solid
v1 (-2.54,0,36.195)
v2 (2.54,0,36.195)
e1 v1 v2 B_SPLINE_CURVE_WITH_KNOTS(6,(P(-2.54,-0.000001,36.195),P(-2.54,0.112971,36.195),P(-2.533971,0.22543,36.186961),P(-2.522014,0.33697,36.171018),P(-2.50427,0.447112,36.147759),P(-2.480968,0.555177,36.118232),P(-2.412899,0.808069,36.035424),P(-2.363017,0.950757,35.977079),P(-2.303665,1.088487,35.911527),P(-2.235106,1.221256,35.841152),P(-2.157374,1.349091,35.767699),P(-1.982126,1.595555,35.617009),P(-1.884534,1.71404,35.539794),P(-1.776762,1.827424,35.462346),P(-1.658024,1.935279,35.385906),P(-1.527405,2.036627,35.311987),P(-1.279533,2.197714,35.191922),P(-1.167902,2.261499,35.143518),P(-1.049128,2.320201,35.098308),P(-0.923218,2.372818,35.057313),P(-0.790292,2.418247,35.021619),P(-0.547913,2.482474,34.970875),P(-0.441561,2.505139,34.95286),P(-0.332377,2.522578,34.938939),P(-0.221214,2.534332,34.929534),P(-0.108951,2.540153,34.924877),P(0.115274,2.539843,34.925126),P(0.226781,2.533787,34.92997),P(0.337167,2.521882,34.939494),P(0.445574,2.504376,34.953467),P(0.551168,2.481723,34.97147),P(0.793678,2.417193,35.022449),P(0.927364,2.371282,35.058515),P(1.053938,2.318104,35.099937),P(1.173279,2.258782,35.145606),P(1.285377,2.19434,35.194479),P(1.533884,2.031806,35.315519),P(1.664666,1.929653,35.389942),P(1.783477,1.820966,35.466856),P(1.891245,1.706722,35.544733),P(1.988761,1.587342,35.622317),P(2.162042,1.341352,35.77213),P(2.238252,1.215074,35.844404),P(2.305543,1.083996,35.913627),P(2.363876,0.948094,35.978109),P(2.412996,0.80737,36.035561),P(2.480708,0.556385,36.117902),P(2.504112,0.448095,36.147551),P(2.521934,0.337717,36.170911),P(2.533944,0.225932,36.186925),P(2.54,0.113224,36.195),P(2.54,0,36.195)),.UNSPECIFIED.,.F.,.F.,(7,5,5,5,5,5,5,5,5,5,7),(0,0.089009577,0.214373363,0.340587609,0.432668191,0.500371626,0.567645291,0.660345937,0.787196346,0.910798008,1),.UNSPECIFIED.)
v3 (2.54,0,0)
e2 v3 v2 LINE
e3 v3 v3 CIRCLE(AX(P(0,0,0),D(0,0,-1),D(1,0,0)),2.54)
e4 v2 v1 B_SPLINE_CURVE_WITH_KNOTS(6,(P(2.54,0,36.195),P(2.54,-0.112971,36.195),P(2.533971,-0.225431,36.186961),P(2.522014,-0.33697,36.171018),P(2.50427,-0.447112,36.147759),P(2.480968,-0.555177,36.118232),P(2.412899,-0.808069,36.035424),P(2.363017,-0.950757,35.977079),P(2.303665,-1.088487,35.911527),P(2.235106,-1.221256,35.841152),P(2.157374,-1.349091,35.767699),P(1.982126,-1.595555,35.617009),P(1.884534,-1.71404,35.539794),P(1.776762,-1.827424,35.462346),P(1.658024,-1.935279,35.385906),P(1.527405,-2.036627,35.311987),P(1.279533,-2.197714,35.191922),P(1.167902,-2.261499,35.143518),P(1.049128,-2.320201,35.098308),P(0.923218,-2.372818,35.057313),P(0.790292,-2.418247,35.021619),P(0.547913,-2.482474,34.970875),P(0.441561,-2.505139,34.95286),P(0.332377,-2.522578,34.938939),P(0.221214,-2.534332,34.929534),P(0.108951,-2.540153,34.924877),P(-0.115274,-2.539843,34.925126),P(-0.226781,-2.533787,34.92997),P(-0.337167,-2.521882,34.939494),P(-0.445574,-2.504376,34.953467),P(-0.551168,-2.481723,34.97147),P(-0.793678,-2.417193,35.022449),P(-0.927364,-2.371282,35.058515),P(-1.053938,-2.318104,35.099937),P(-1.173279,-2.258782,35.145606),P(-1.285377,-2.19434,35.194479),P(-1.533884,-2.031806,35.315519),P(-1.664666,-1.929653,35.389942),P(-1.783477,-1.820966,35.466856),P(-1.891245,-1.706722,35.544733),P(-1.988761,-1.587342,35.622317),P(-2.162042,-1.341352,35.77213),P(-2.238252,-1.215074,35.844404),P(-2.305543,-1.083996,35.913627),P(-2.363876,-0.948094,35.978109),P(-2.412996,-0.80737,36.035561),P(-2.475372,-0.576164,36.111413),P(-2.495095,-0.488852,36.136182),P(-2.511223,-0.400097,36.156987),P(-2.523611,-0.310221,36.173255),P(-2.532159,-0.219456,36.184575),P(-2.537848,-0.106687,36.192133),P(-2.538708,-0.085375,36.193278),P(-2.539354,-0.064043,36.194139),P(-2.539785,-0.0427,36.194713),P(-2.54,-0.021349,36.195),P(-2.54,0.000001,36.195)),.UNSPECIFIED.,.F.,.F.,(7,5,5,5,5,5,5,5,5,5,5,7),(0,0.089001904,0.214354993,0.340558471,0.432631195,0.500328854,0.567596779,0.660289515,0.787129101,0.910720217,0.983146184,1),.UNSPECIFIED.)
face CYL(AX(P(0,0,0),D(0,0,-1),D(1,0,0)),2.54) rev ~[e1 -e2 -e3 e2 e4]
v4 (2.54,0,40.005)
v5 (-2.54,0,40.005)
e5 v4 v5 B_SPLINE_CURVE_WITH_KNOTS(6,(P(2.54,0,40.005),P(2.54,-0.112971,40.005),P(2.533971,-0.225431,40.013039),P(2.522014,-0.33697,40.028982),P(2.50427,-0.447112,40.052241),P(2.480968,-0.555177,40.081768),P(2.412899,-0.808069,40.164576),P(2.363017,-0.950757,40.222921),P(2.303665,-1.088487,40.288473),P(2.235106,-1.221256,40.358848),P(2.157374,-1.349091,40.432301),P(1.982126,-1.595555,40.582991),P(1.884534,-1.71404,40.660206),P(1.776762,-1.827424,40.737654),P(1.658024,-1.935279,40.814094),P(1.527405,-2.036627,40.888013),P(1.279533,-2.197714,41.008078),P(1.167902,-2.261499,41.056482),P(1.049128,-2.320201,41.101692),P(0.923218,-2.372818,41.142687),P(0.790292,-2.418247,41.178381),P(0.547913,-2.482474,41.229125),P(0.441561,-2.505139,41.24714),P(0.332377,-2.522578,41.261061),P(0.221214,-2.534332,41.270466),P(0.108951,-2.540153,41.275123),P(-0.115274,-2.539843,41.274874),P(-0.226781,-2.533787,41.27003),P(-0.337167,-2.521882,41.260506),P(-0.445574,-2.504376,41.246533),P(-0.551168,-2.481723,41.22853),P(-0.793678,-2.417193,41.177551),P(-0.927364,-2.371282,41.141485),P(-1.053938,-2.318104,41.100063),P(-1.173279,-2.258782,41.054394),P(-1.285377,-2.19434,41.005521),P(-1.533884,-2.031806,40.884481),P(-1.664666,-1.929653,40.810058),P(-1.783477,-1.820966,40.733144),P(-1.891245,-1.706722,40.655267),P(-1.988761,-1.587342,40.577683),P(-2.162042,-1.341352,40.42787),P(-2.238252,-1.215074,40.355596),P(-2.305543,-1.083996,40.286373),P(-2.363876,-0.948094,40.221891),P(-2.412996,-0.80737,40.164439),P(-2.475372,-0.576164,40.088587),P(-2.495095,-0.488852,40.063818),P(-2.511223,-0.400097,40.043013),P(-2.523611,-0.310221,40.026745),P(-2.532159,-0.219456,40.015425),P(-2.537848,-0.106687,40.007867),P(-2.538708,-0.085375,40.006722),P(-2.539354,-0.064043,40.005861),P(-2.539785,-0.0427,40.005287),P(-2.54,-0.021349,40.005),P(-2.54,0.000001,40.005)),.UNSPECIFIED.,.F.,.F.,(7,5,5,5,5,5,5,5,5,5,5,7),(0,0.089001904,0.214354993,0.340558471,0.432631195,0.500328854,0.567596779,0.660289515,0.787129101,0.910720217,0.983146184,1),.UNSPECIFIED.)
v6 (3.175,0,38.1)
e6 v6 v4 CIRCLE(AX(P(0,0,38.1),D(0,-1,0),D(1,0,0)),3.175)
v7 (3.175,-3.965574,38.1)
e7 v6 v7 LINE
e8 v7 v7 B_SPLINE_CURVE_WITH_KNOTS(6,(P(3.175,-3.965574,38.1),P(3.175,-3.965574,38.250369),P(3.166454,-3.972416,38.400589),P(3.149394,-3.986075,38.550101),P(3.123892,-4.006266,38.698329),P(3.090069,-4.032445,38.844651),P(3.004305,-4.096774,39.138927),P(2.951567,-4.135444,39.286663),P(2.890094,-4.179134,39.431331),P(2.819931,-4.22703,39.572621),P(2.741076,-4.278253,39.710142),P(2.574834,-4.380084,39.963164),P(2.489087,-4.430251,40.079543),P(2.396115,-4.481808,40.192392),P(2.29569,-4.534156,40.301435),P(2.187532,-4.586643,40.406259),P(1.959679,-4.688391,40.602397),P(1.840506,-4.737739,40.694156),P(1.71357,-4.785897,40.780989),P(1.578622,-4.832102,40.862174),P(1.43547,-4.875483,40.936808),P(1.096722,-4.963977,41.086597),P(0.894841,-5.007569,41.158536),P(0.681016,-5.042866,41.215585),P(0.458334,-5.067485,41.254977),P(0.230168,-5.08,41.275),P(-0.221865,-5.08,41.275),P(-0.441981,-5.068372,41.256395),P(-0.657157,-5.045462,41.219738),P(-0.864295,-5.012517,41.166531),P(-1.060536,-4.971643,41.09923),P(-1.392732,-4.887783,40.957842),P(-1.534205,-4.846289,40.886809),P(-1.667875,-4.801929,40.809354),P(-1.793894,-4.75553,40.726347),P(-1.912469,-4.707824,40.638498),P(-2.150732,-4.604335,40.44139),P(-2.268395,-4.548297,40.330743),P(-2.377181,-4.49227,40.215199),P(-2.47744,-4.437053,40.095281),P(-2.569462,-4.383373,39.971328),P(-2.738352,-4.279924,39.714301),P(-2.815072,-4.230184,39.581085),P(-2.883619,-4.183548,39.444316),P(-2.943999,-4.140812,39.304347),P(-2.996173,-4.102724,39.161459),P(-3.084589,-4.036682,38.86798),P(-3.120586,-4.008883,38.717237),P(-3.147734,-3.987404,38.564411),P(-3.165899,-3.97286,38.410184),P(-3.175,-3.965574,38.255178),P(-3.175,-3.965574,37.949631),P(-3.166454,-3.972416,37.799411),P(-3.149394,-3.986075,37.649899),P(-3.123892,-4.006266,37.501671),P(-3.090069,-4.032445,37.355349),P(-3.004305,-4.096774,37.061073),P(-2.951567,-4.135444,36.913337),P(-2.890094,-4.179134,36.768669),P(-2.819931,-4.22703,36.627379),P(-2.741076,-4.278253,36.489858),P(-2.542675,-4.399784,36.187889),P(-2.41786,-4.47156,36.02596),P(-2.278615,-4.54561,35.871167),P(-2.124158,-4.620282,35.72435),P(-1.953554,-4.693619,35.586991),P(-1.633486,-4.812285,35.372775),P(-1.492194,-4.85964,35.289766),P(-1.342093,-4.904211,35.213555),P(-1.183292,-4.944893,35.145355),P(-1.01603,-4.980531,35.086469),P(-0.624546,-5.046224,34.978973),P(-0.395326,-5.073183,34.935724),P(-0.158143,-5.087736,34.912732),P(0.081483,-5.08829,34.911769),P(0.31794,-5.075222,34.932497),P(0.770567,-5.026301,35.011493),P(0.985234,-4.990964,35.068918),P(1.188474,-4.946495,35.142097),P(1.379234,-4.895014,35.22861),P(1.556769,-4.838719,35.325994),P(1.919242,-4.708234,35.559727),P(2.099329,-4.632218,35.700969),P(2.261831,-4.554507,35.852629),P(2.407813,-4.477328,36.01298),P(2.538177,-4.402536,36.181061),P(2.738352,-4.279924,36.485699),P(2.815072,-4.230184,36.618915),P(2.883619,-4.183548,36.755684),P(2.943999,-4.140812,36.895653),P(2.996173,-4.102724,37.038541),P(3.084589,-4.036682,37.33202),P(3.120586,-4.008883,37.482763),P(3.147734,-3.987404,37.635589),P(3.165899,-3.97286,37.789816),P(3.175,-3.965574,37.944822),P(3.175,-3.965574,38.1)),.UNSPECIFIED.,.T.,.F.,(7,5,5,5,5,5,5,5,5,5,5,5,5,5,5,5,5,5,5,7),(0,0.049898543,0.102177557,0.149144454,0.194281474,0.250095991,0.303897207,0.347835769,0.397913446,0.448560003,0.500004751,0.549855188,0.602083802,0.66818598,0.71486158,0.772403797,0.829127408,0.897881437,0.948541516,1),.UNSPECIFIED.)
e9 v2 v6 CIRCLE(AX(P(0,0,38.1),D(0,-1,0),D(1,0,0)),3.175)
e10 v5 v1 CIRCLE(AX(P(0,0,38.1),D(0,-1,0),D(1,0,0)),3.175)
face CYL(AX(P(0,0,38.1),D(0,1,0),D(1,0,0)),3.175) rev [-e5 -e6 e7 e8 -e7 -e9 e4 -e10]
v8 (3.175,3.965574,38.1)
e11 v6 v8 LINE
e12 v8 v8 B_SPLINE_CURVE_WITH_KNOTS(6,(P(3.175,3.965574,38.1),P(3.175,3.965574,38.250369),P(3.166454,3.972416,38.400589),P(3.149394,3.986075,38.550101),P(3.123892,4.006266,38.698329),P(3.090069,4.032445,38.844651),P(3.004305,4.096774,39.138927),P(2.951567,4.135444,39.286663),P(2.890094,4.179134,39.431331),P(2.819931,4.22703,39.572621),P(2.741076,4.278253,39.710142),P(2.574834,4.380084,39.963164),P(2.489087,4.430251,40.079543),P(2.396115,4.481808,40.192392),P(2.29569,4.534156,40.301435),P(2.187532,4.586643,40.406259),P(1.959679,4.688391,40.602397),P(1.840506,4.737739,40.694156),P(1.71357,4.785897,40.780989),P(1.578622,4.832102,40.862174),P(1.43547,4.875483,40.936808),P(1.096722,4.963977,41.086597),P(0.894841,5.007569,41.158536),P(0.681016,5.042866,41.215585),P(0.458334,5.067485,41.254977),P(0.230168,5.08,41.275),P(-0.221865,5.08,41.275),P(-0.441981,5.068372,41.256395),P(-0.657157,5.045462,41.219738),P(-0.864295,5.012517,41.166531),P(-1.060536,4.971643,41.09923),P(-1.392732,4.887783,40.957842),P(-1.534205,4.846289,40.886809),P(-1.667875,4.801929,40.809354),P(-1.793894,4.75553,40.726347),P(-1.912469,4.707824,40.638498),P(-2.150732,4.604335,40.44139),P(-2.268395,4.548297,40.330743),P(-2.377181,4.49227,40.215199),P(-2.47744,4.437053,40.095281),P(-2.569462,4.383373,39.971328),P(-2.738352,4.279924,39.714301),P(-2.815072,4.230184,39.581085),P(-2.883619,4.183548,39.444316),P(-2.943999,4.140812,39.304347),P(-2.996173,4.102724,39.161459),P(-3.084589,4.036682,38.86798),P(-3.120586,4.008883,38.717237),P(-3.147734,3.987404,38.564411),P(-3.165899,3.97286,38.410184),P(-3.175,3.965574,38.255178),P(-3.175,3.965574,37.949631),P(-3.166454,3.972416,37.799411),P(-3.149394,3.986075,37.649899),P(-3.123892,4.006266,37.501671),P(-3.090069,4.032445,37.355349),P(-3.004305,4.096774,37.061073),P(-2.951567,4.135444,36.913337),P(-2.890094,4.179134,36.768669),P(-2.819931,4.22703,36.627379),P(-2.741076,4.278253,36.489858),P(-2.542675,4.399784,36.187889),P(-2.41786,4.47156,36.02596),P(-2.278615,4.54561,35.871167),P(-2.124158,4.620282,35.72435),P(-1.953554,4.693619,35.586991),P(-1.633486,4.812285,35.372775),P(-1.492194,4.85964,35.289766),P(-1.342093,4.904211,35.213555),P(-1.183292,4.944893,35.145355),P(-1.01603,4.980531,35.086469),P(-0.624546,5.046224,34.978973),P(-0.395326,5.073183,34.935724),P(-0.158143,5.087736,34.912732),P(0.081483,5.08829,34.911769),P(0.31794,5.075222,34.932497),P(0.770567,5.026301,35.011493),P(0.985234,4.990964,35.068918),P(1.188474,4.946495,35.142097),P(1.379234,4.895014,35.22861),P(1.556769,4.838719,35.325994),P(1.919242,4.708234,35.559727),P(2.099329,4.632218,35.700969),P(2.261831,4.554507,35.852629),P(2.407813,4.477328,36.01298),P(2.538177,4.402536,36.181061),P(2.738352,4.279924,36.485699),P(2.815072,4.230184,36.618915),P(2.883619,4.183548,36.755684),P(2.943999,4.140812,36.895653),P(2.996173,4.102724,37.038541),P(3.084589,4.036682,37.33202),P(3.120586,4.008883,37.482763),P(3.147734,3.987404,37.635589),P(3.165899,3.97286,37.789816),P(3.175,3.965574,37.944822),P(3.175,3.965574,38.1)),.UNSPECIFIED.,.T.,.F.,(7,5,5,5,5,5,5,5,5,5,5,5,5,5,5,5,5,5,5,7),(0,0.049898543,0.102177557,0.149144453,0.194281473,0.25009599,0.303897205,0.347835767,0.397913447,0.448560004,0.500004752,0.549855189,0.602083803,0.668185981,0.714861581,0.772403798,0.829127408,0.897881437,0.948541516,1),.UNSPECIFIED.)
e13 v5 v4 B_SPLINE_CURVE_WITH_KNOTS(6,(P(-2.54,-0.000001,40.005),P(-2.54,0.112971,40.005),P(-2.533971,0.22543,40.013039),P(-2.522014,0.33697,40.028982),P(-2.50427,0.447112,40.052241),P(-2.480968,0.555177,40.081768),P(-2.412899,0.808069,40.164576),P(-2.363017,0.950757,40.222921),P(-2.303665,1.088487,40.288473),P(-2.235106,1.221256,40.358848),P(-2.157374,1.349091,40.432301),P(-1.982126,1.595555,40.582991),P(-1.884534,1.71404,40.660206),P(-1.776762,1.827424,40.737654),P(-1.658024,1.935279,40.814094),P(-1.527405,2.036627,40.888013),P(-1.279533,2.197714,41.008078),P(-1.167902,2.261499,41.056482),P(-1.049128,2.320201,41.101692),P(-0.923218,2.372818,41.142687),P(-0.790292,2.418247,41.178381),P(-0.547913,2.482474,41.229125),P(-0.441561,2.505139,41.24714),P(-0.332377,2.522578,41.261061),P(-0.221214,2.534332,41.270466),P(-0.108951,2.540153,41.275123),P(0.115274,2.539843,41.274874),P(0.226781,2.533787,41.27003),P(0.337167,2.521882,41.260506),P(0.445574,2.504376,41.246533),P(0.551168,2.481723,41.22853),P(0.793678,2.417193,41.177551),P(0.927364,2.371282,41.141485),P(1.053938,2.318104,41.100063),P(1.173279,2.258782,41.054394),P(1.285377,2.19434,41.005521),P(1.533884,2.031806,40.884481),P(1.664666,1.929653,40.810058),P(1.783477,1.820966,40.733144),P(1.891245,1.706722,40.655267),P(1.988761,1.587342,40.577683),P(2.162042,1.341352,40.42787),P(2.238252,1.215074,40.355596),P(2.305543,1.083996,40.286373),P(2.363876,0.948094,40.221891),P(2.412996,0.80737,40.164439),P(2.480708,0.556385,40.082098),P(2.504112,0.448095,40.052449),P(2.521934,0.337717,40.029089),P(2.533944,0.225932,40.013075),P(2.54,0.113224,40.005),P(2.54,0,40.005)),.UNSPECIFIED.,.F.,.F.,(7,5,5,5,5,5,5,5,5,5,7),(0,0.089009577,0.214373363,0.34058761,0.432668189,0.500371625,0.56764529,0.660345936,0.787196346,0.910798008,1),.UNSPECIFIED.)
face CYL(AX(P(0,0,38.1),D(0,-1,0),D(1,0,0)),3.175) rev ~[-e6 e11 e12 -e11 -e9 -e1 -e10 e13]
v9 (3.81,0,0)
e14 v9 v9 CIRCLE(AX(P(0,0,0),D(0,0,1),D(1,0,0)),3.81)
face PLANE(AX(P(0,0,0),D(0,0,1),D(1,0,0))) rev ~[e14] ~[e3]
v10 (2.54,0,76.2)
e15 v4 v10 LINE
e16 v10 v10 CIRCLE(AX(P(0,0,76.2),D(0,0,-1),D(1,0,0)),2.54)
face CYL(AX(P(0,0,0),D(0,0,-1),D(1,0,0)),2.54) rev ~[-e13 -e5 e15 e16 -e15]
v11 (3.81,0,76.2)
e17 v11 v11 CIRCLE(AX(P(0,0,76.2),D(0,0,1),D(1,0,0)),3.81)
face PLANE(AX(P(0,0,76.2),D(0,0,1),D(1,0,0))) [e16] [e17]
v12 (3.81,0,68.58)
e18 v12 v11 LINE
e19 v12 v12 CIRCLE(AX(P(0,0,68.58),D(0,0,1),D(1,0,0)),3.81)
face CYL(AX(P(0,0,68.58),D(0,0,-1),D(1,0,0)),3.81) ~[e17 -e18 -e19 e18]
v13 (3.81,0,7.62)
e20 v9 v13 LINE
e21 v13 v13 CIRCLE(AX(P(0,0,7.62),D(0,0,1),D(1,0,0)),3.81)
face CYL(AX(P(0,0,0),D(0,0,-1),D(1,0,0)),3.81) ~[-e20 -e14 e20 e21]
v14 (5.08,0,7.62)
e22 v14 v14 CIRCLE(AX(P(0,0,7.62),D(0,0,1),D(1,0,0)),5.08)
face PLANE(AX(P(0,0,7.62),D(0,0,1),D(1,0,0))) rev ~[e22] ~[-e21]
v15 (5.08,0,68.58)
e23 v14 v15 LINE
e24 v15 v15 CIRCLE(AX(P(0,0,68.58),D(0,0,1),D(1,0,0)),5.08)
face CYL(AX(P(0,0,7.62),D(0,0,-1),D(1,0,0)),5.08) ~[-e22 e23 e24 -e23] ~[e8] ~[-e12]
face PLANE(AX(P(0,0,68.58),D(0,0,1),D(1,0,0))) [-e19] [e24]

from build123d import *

# Parameters (mm, degrees)
F0_R          = 3.81
F1_DEPTH      = 7.62
F2_R          = 5.08
F3_DEPTH      = 60.96
F4_R          = 3.81
F5_DEPTH      = 7.62
F6_R          = 3.175
F7_DEPTH      = 25.4
F7_DEPTH_BACK = 25.4
F8_R          = 2.54
F9_DEPTH      = 76.201


with BuildPart() as f1:
    # F0 (on Top) → F1 (new body)
    with BuildSketch(Plane.XY):
        Circle(F0_R)
    extrude(amount=F1_DEPTH)

    # F2 (on face) → F3 (join)
    with BuildSketch(Plane.XY.offset(7.62)):
        Circle(F2_R)
    extrude(amount=F3_DEPTH)

    # F4 (on face) → F5 (join)
    with BuildSketch(Plane.XY.offset(68.58)):
        Circle(F4_R)
    extrude(amount=F5_DEPTH)

    # F6 (on Front) → F7 (cut, two sides)
    with BuildSketch(Plane.XZ) as f7_sk:
        with Locations((0, 38.1)):
            Circle(F6_R)
    extrude(amount=-F7_DEPTH, mode=Mode.SUBTRACT)
    extrude(f7_sk.sketch, amount=F7_DEPTH_BACK, mode=Mode.SUBTRACT)

    # F8 (on face) → F9 (cut, through all)
    with BuildSketch(Plane(origin=(0, 0, 0), x_dir=(1, 0, 0), z_dir=(0, 0, -1))):
        Circle(F8_R)
    extrude(amount=-F9_DEPTH, mode=Mode.SUBTRACT)


solid = f1.part
